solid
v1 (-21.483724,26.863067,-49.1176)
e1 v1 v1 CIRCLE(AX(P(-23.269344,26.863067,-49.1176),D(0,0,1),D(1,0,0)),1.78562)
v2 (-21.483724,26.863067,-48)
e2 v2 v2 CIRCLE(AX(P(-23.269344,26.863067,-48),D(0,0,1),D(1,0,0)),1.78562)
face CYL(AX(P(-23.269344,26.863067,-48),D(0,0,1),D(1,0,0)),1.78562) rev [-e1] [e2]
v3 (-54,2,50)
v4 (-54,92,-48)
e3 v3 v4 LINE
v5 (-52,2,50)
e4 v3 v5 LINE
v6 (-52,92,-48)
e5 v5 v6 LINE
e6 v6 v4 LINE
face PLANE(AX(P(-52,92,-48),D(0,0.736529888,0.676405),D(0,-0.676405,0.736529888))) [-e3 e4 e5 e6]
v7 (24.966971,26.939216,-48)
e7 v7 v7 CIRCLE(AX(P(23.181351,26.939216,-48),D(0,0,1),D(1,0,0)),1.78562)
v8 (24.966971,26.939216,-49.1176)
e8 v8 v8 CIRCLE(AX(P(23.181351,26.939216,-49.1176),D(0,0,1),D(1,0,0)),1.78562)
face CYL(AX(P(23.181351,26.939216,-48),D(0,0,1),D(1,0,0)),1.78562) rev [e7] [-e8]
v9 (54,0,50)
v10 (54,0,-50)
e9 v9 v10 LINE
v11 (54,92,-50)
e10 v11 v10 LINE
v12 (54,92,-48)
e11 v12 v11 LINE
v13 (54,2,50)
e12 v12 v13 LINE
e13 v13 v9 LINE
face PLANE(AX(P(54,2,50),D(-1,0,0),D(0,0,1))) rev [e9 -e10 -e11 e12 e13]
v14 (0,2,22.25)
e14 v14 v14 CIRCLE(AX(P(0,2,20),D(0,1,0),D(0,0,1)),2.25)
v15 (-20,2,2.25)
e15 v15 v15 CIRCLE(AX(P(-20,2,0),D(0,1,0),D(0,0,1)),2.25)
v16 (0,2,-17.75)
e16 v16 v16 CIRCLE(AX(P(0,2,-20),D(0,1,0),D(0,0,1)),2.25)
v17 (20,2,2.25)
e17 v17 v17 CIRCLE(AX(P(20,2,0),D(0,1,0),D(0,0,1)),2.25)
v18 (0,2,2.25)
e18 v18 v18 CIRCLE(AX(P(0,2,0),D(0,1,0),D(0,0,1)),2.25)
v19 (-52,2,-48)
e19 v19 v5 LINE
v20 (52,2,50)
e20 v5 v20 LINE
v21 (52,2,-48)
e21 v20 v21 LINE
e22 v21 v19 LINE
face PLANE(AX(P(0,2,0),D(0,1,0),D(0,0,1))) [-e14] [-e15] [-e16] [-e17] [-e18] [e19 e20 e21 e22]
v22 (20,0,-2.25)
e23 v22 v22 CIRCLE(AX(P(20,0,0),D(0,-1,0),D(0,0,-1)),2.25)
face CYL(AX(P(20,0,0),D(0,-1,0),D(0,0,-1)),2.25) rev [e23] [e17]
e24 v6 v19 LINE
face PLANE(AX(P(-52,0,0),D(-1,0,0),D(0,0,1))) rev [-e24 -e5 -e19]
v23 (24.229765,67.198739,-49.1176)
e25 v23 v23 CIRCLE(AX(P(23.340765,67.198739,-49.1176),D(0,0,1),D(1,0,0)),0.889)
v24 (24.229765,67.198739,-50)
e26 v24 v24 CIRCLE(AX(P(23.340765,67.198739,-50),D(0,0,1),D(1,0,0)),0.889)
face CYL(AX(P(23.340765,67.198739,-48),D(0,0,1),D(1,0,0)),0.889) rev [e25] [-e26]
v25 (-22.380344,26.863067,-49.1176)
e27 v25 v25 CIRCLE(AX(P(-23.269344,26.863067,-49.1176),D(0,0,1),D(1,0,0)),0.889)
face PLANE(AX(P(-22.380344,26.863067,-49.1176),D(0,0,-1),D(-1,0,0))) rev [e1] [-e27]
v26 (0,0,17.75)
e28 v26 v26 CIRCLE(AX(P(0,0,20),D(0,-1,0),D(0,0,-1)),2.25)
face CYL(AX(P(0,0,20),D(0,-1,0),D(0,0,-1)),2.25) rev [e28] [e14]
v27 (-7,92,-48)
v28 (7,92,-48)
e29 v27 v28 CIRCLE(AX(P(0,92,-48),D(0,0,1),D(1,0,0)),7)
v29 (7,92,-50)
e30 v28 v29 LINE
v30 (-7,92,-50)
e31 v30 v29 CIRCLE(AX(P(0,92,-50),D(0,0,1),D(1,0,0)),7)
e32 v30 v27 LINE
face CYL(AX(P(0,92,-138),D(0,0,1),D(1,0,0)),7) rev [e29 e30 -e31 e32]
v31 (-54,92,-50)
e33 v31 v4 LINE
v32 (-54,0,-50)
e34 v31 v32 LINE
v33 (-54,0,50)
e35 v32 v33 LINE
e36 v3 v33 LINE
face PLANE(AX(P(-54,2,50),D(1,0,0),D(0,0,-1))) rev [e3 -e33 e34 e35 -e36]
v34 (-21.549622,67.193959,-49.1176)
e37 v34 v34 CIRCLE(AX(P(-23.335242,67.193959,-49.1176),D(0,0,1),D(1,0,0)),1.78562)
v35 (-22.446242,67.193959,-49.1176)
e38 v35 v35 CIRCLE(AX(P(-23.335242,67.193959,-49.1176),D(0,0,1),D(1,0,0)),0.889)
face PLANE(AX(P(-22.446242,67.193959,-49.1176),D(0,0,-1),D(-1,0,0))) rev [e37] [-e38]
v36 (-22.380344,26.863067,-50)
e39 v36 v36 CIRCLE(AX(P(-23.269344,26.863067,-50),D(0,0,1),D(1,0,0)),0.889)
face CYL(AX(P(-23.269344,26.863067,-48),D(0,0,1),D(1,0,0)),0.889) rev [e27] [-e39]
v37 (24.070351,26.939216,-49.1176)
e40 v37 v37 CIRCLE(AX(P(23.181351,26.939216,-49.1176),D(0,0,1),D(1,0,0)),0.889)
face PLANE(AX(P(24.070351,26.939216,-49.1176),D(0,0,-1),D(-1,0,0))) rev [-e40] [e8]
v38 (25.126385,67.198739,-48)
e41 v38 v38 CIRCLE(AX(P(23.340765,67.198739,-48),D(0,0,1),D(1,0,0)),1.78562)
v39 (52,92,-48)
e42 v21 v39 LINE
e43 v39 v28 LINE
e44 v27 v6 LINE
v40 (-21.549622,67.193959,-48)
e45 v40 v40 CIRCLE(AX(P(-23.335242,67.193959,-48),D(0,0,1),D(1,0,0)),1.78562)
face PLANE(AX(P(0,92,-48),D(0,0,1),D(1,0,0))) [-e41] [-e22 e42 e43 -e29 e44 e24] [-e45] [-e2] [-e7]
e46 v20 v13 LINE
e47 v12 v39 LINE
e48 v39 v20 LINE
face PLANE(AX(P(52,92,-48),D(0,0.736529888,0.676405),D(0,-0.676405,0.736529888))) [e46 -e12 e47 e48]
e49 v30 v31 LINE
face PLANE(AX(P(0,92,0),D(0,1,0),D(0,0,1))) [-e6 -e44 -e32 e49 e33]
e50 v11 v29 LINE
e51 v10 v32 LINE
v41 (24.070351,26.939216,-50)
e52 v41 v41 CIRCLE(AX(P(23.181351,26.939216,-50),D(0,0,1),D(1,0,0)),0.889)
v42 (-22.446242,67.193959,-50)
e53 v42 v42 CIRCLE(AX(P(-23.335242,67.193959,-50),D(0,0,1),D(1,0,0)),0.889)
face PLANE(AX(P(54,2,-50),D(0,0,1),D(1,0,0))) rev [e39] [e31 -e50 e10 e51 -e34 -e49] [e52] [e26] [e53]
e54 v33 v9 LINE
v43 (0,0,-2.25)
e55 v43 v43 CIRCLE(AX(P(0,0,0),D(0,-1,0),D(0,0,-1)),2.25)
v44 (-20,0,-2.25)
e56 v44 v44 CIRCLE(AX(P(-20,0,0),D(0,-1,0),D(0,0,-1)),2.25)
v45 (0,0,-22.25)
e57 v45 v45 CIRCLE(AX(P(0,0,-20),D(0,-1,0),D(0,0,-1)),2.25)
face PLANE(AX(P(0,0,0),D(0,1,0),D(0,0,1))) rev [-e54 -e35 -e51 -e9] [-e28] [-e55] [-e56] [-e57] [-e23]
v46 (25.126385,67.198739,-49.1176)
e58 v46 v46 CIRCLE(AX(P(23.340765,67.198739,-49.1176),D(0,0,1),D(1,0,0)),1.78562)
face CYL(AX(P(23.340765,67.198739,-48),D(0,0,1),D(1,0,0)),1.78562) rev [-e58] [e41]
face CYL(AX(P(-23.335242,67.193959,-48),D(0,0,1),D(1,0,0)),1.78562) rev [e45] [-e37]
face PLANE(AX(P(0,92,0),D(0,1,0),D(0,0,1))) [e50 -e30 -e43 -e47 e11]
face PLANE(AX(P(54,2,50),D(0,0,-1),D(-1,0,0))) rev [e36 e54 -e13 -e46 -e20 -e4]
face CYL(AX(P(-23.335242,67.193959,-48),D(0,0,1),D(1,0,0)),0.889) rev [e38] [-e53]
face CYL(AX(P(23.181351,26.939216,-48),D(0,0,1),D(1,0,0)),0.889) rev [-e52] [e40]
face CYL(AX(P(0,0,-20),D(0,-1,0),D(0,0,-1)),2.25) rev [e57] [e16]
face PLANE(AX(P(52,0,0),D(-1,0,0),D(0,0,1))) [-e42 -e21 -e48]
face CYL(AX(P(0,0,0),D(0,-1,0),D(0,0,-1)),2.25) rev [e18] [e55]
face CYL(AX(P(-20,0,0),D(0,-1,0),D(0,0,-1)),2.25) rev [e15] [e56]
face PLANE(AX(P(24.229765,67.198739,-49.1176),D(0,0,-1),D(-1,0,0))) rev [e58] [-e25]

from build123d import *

# Parameters (mm, degrees)
CROQUIS1_W                                           = 108
CROQUIS1_H                                           = 100
SALIENTE_EXTRUIR2_DEPTH                              = 2
CROQUIS3_W                                           = 108
CROQUIS3_H                                           = 2
SALIENTE_EXTRUIR3_DEPTH                              = 90
CORTAR_EXTRUIR1_DEPTH                                = 90
TALADRO_DE_MARGEN_PARA_M42_D                         = 4.5
TALADRO_DE_MARGEN_PARA_M42_DEPTH                     = 10
TALADRO_DE_MARGEN_PARA_M42_TIP                       = 1.351936393
SALIENTE_EXTRUIR4_DEPTH                              = 2
SALIENTE_EXTRUIR5_DEPTH                              = 2
REFRENTADO_PARA_TORNILLO_CON_CABEZA_TRON_D           = 1.778
REFRENTADO_PARA_TORNILLO_CON_CABEZA_TRON_DEPTH       = 10
REFRENTADO_PARA_TORNILLO_CON_CABEZA_TRON_CBORE_D     = 3.57124
REFRENTADO_PARA_TORNILLO_CON_CABEZA_TRON_CBORE_DEPTH = 1.1176
REFRENTADO_PARA_TORNILLO_CON_CABEZA_TRON_TIP         = 0.53416509


with BuildPart() as part:
    # Croquis1 → Saliente-Extruir2 (new body)
    with BuildSketch(Plane(origin=(0, 0, 0), x_dir=(1, 0, 0), z_dir=(0, 1, 0))):
        Rectangle(CROQUIS1_W, CROQUIS1_H)
    extrude(amount=SALIENTE_EXTRUIR2_DEPTH)

    # Croquis3 → Saliente-Extruir3 (add)
    with BuildSketch(Plane(origin=(0, 2, 0), x_dir=(1, 0, 0), z_dir=(0, 1, 0))):
        with Locations((0, 49)):
            Rectangle(CROQUIS3_W, CROQUIS3_H)
    extrude(amount=SALIENTE_EXTRUIR3_DEPTH)

    # Croquis4 → Cortar-Extruir1 (cut)
    with BuildSketch(Plane.XY.offset(-48)):
        with BuildLine():
            Line((-7, 92), (7, 92))
            ThreePointArc((7, 92), (0, 85), (-7, 92))
        make_face()
    extrude(amount=-CORTAR_EXTRUIR1_DEPTH, mode=Mode.SUBTRACT)

    # Taladro de margen para M42
    with Locations(Plane(origin=(0, 0, 0), x_dir=(-1, 0, 0), z_dir=(0, -1, 0))):
        with Locations((0, 20), (-20, 0), (0, -20), (20, 0), (0, 0)):
            Hole(TALADRO_DE_MARGEN_PARA_M42_D / 2, depth=TALADRO_DE_MARGEN_PARA_M42_DEPTH)
            with Locations((0, 0, -(TALADRO_DE_MARGEN_PARA_M42_DEPTH + TALADRO_DE_MARGEN_PARA_M42_TIP / 2))):  # 118° drill point
                Cone(0, TALADRO_DE_MARGEN_PARA_M42_D / 2, TALADRO_DE_MARGEN_PARA_M42_TIP, mode=Mode.SUBTRACT)

    # Croquis19 → Saliente-Extruir4 (add)
    with BuildSketch(Plane(origin=(54, 0, 0), x_dir=(0, 0, -1), z_dir=(1, 0, 0))):
        Polygon((48, 92), (-50, 2), (48, 2), align=None)
    extrude(amount=-SALIENTE_EXTRUIR4_DEPTH)

    # Croquis20 → Saliente-Extruir5 (add)
    with BuildSketch(Plane.ZY.offset(54)):
        Polygon((50, 2), (-48, 2), (-48, 92), align=None)
    extrude(amount=-SALIENTE_EXTRUIR5_DEPTH)

    # Refrentado para tornillo con cabeza troncocónica de #01
    with Locations(Plane.XY.offset(-48)):
        with Locations((-23.335241647, 67.193959118), (23.34076456, 67.198738562), (-23.269344277, 26.863067453), (23.181350949, 26.939215525)):
            CounterBoreHole(REFRENTADO_PARA_TORNILLO_CON_CABEZA_TRON_D / 2, REFRENTADO_PARA_TORNILLO_CON_CABEZA_TRON_CBORE_D / 2, REFRENTADO_PARA_TORNILLO_CON_CABEZA_TRON_CBORE_DEPTH, depth=REFRENTADO_PARA_TORNILLO_CON_CABEZA_TRON_DEPTH)
            with Locations((0, 0, -(REFRENTADO_PARA_TORNILLO_CON_CABEZA_TRON_DEPTH + REFRENTADO_PARA_TORNILLO_CON_CABEZA_TRON_TIP / 2))):  # 118° drill point
                Cone(0, REFRENTADO_PARA_TORNILLO_CON_CABEZA_TRON_D / 2, REFRENTADO_PARA_TORNILLO_CON_CABEZA_TRON_TIP, mode=Mode.SUBTRACT)


solid = part.part
